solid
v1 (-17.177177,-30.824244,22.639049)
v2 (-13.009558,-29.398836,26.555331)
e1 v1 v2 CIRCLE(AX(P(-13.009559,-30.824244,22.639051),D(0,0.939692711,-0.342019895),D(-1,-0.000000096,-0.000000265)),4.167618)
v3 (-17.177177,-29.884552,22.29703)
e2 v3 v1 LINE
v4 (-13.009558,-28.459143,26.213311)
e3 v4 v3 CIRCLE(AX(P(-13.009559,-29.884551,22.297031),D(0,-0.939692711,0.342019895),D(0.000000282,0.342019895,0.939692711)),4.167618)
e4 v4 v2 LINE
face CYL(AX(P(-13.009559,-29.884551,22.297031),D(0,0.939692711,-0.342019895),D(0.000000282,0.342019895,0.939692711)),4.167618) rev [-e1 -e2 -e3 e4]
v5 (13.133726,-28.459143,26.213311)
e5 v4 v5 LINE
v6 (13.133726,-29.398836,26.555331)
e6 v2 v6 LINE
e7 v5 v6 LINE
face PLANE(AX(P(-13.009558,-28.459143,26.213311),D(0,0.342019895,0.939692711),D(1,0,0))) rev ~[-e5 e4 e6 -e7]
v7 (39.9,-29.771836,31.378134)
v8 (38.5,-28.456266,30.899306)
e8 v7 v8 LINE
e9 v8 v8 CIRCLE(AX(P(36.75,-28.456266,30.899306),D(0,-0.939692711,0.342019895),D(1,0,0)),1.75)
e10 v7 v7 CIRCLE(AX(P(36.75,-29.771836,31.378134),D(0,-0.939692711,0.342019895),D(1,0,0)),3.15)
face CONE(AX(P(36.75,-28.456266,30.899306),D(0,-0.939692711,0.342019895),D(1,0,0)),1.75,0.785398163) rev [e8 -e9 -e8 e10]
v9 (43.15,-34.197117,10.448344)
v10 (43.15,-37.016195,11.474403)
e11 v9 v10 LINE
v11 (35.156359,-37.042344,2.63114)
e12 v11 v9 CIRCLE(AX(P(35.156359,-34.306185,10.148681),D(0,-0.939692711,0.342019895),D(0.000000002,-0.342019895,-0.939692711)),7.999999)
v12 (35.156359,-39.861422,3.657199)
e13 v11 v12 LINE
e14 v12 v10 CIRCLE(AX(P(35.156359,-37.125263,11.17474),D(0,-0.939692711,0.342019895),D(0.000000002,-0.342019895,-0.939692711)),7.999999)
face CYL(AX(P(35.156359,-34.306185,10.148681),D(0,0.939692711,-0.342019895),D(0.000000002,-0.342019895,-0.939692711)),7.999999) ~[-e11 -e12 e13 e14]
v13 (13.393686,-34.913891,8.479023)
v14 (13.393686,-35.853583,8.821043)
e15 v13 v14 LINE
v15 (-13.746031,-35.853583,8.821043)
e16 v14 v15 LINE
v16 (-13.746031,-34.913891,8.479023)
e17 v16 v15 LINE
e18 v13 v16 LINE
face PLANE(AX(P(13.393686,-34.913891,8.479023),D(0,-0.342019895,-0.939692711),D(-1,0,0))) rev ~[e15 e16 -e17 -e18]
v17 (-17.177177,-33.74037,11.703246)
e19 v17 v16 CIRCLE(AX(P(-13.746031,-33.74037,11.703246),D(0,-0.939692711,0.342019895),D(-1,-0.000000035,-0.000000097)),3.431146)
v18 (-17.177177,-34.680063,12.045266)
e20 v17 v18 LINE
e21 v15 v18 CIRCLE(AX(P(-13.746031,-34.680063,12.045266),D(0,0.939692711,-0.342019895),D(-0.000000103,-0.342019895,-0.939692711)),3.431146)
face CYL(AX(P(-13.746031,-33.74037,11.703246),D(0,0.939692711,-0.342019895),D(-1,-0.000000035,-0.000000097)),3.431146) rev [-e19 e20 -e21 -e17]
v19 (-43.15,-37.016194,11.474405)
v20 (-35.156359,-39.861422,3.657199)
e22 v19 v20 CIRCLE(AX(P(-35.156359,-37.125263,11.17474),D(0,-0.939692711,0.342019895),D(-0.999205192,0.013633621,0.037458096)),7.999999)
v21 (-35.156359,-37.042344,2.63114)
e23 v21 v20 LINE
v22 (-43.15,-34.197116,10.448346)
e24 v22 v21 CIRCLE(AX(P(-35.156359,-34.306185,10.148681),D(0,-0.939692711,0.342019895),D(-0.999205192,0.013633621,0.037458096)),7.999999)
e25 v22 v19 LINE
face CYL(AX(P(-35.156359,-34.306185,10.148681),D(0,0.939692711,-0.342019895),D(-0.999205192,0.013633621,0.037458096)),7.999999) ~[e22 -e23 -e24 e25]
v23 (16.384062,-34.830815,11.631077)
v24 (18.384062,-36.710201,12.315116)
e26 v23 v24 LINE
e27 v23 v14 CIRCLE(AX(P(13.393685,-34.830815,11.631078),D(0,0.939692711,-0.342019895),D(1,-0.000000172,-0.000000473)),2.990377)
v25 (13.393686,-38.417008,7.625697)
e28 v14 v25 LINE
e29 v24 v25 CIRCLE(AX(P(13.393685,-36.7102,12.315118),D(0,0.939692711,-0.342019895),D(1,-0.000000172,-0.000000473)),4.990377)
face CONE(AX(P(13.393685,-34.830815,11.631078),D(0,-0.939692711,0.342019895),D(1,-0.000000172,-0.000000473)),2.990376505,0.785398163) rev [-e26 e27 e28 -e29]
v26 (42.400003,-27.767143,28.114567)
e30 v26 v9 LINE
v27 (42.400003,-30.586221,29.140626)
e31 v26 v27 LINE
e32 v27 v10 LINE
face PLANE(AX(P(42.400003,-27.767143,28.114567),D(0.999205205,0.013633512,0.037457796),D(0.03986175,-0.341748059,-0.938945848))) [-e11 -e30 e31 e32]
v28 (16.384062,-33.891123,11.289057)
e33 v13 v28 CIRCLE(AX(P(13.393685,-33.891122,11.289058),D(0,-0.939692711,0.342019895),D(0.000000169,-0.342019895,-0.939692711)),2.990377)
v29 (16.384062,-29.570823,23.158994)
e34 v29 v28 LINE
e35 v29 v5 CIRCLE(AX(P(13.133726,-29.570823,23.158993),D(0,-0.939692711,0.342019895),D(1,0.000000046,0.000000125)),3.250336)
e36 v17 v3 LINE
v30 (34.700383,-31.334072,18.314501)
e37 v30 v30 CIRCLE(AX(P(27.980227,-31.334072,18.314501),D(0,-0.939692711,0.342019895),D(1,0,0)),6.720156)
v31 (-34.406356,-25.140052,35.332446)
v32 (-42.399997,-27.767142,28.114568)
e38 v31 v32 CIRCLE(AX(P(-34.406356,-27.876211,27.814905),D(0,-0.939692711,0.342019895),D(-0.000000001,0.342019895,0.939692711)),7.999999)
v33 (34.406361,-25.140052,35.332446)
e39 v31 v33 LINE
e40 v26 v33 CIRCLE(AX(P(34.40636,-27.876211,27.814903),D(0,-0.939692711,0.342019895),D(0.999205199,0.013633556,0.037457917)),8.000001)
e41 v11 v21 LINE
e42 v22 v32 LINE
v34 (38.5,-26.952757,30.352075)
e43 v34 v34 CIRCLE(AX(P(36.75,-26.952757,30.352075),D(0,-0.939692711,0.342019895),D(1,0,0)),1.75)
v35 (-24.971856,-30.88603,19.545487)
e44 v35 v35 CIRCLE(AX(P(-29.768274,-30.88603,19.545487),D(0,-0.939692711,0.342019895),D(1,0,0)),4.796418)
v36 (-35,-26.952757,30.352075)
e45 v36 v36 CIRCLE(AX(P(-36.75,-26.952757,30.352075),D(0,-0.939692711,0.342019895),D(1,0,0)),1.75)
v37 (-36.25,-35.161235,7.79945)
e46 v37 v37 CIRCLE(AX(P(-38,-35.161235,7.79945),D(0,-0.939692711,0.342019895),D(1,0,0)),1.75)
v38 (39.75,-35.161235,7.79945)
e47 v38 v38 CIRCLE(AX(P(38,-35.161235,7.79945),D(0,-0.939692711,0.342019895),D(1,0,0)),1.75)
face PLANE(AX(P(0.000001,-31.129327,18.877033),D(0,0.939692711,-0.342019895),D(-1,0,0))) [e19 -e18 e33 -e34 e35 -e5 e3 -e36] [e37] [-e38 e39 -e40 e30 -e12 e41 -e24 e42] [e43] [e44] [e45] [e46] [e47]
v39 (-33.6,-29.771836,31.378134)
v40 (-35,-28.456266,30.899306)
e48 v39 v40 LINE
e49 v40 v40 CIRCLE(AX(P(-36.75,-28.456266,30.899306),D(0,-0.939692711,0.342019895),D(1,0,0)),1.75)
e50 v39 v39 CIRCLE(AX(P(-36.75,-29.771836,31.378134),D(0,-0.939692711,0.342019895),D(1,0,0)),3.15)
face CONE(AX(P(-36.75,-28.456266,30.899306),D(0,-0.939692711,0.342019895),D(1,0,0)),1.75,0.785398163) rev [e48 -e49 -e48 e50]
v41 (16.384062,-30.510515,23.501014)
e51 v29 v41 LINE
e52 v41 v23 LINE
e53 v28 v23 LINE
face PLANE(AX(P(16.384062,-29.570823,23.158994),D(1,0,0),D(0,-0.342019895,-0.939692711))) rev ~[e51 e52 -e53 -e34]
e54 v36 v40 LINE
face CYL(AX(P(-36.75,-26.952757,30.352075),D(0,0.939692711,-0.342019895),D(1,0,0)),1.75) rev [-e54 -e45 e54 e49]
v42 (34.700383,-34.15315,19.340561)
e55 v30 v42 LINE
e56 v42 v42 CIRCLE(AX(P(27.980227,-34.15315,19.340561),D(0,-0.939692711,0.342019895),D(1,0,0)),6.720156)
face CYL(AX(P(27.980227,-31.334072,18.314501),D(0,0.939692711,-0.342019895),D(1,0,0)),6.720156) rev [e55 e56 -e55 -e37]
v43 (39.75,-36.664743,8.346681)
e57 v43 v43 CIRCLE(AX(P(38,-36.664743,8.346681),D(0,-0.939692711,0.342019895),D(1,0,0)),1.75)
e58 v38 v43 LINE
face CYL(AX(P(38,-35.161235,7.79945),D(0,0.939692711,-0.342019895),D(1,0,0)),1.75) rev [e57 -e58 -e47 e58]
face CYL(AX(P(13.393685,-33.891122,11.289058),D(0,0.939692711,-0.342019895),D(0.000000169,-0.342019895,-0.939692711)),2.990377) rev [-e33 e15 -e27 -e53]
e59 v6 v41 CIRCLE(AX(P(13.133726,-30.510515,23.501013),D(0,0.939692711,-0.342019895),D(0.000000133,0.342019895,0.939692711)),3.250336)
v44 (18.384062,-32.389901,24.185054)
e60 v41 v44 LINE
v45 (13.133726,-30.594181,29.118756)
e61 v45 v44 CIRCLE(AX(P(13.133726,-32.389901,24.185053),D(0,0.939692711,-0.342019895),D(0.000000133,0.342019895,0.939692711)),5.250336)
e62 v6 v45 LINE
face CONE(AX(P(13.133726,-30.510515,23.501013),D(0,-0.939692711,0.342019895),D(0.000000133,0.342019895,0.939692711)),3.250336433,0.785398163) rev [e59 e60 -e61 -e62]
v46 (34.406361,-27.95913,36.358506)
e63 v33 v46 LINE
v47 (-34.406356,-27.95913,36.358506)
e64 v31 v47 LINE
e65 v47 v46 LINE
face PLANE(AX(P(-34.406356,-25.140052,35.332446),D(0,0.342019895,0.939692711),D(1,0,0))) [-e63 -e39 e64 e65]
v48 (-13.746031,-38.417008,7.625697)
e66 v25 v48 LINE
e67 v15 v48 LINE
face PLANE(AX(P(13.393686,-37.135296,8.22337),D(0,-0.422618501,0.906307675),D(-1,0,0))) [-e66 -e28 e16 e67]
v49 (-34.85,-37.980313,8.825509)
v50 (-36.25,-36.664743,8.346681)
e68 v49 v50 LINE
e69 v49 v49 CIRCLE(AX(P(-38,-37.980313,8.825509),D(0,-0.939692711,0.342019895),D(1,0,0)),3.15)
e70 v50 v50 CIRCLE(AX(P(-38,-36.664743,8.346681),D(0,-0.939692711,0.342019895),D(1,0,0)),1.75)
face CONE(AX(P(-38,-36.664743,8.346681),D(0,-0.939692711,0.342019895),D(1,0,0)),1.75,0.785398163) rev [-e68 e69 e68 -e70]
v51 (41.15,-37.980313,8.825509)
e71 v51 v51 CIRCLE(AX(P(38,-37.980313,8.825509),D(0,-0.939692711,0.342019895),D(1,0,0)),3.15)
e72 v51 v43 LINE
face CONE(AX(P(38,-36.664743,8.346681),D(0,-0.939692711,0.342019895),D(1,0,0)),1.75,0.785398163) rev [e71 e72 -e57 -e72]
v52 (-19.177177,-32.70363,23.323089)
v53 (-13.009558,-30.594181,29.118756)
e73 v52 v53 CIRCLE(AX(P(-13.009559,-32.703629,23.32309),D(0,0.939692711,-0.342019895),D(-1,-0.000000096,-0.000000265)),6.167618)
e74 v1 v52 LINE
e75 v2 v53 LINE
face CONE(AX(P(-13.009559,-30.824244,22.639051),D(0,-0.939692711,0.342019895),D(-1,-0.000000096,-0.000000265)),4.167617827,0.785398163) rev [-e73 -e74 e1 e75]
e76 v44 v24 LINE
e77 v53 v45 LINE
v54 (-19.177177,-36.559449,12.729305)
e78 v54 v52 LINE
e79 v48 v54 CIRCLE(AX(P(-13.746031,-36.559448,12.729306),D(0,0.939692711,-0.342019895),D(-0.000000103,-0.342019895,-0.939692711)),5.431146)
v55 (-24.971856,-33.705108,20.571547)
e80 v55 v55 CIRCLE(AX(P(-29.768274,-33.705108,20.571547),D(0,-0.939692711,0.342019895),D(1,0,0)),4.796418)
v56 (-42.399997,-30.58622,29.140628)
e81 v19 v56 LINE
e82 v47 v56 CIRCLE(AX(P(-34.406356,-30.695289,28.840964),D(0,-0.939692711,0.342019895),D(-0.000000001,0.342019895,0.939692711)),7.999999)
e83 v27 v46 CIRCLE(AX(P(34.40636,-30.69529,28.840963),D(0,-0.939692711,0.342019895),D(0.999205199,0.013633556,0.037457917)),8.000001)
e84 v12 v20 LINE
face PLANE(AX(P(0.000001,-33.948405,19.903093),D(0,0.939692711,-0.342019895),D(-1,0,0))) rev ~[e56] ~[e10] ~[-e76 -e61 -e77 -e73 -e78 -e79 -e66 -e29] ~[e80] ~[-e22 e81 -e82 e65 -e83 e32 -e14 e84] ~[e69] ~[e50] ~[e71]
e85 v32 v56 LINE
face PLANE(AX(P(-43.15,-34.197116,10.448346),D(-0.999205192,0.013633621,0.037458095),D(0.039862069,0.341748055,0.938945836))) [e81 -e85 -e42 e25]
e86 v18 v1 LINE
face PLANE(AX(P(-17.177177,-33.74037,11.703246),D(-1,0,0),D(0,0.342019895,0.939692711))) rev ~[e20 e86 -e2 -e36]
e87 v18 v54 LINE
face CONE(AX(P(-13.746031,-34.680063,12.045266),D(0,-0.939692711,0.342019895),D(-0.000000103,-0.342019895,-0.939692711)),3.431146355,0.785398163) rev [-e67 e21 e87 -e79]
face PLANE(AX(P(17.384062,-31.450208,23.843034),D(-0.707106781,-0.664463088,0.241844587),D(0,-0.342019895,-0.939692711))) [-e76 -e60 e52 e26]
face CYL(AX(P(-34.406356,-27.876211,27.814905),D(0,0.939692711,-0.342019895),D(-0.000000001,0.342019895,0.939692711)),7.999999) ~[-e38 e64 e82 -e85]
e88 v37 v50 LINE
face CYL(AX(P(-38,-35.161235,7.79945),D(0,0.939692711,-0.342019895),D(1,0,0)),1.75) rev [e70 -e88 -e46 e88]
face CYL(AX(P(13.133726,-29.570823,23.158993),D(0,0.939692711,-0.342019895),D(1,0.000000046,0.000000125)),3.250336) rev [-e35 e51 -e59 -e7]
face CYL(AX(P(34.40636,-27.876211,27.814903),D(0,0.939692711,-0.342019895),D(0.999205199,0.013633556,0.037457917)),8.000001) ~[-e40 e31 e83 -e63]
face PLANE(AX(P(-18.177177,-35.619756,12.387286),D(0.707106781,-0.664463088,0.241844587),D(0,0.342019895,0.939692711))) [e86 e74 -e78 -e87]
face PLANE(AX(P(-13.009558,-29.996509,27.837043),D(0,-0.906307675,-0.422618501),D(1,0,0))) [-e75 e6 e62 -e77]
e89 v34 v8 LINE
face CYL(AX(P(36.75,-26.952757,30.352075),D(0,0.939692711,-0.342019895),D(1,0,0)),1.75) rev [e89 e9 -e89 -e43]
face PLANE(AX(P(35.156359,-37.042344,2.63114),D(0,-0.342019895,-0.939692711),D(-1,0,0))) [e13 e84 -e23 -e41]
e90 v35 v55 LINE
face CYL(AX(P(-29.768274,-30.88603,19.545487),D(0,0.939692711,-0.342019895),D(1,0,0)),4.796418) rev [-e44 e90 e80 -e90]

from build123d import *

# Parameters (mm, degrees)
SKETCH033_R     = 1.75
SKETCH033_R_2   = 4.796418
SKETCH033_R_3   = 6.720156
PAD001_DEPTH    = 3
CHAMFER001_SIZE = 2
CHAMFER002_SIZE = 1.4


with BuildPart() as part:
    # Sketch033 → Pad001 (new body)
    with BuildSketch(Plane(origin=(0, -38, 0), x_dir=(1, 0, 0), z_dir=(0, -0.939693, 0.34202))):
        with BuildLine():
            Line((-34.406356, 37.6), (34.406361, 37.6))
            ThreePointArc((42.400003, 29.918894), (39.949322, 35.368499), (34.406361, 37.6))
            Line((42.400003, 29.918894), (43.15, 11.118894))
            ThreePointArc((35.156359, 2.8), (40.924857, 5.257038), (43.15, 11.118894))
            Line((35.156359, 2.8), (-35.156359, 2.8))
            ThreePointArc((-43.15, 11.118896), (-40.924858, 5.257039), (-35.156359, 2.8))
            Line((-43.15, 11.118896), (-42.399997, 29.918896))
            ThreePointArc((-34.406356, 37.6), (-39.949317, 35.368499), (-42.399997, 29.918896))
        make_face()
        with Locations((-36.75, 32.3)):
            Circle(SKETCH033_R, mode=Mode.SUBTRACT)
        with Locations((36.75, 32.3)):
            Circle(SKETCH033_R, mode=Mode.SUBTRACT)
        with Locations((-38, 8.3)):
            Circle(SKETCH033_R, mode=Mode.SUBTRACT)
        with Locations((38, 8.3)):
            Circle(SKETCH033_R, mode=Mode.SUBTRACT)
        with Locations((-29.768274, 20.799871)):
            Circle(SKETCH033_R_2, mode=Mode.SUBTRACT)
        with Locations((27.980227, 19.489883)):
            Circle(SKETCH033_R_3, mode=Mode.SUBTRACT)
        with BuildLine():
            Line((-13.009558, 27.89562), (13.133726, 27.89562))
            ThreePointArc((16.384062, 24.645284), (15.43206, 26.943619), (13.133726, 27.89562))
            Line((16.384062, 24.645284), (16.384062, 12.013562))
            ThreePointArc((13.393686, 9.023187), (15.508201, 9.899048), (16.384062, 12.013562))
            Line((13.393686, 9.023187), (-13.746031, 9.023187))
            ThreePointArc((-17.177177, 12.454333), (-16.172218, 10.028147), (-13.746031, 9.023187))
            Line((-17.177177, 12.454333), (-17.177177, 23.728001))
            ThreePointArc((-13.009558, 27.89562), (-15.95651, 26.674953), (-17.177177, 23.728001))
        make_face(mode=Mode.SUBTRACT)
    extrude(amount=PAD001_DEPTH)

    # Chamfer001
    chamfer001_edges = [part.edges().sort_by_distance(p)[0] for p in [
        (0.062084, -31.278214, 27.239369),
    ]]
    chamfer(chamfer001_edges, length=CHAMFER001_SIZE)

    # Chamfer002
    chamfer002_edges = [part.edges().sort_by_distance(p)[0] for p in [
        (-38.5, -29.771827, 31.378132),
        (-39.75, -37.980311, 8.825509),
        (35, -29.771827, 31.378132),
        (36.25, -37.980311, 8.825509),
    ]]
    chamfer(chamfer002_edges, length=CHAMFER002_SIZE)


solid = part.part
